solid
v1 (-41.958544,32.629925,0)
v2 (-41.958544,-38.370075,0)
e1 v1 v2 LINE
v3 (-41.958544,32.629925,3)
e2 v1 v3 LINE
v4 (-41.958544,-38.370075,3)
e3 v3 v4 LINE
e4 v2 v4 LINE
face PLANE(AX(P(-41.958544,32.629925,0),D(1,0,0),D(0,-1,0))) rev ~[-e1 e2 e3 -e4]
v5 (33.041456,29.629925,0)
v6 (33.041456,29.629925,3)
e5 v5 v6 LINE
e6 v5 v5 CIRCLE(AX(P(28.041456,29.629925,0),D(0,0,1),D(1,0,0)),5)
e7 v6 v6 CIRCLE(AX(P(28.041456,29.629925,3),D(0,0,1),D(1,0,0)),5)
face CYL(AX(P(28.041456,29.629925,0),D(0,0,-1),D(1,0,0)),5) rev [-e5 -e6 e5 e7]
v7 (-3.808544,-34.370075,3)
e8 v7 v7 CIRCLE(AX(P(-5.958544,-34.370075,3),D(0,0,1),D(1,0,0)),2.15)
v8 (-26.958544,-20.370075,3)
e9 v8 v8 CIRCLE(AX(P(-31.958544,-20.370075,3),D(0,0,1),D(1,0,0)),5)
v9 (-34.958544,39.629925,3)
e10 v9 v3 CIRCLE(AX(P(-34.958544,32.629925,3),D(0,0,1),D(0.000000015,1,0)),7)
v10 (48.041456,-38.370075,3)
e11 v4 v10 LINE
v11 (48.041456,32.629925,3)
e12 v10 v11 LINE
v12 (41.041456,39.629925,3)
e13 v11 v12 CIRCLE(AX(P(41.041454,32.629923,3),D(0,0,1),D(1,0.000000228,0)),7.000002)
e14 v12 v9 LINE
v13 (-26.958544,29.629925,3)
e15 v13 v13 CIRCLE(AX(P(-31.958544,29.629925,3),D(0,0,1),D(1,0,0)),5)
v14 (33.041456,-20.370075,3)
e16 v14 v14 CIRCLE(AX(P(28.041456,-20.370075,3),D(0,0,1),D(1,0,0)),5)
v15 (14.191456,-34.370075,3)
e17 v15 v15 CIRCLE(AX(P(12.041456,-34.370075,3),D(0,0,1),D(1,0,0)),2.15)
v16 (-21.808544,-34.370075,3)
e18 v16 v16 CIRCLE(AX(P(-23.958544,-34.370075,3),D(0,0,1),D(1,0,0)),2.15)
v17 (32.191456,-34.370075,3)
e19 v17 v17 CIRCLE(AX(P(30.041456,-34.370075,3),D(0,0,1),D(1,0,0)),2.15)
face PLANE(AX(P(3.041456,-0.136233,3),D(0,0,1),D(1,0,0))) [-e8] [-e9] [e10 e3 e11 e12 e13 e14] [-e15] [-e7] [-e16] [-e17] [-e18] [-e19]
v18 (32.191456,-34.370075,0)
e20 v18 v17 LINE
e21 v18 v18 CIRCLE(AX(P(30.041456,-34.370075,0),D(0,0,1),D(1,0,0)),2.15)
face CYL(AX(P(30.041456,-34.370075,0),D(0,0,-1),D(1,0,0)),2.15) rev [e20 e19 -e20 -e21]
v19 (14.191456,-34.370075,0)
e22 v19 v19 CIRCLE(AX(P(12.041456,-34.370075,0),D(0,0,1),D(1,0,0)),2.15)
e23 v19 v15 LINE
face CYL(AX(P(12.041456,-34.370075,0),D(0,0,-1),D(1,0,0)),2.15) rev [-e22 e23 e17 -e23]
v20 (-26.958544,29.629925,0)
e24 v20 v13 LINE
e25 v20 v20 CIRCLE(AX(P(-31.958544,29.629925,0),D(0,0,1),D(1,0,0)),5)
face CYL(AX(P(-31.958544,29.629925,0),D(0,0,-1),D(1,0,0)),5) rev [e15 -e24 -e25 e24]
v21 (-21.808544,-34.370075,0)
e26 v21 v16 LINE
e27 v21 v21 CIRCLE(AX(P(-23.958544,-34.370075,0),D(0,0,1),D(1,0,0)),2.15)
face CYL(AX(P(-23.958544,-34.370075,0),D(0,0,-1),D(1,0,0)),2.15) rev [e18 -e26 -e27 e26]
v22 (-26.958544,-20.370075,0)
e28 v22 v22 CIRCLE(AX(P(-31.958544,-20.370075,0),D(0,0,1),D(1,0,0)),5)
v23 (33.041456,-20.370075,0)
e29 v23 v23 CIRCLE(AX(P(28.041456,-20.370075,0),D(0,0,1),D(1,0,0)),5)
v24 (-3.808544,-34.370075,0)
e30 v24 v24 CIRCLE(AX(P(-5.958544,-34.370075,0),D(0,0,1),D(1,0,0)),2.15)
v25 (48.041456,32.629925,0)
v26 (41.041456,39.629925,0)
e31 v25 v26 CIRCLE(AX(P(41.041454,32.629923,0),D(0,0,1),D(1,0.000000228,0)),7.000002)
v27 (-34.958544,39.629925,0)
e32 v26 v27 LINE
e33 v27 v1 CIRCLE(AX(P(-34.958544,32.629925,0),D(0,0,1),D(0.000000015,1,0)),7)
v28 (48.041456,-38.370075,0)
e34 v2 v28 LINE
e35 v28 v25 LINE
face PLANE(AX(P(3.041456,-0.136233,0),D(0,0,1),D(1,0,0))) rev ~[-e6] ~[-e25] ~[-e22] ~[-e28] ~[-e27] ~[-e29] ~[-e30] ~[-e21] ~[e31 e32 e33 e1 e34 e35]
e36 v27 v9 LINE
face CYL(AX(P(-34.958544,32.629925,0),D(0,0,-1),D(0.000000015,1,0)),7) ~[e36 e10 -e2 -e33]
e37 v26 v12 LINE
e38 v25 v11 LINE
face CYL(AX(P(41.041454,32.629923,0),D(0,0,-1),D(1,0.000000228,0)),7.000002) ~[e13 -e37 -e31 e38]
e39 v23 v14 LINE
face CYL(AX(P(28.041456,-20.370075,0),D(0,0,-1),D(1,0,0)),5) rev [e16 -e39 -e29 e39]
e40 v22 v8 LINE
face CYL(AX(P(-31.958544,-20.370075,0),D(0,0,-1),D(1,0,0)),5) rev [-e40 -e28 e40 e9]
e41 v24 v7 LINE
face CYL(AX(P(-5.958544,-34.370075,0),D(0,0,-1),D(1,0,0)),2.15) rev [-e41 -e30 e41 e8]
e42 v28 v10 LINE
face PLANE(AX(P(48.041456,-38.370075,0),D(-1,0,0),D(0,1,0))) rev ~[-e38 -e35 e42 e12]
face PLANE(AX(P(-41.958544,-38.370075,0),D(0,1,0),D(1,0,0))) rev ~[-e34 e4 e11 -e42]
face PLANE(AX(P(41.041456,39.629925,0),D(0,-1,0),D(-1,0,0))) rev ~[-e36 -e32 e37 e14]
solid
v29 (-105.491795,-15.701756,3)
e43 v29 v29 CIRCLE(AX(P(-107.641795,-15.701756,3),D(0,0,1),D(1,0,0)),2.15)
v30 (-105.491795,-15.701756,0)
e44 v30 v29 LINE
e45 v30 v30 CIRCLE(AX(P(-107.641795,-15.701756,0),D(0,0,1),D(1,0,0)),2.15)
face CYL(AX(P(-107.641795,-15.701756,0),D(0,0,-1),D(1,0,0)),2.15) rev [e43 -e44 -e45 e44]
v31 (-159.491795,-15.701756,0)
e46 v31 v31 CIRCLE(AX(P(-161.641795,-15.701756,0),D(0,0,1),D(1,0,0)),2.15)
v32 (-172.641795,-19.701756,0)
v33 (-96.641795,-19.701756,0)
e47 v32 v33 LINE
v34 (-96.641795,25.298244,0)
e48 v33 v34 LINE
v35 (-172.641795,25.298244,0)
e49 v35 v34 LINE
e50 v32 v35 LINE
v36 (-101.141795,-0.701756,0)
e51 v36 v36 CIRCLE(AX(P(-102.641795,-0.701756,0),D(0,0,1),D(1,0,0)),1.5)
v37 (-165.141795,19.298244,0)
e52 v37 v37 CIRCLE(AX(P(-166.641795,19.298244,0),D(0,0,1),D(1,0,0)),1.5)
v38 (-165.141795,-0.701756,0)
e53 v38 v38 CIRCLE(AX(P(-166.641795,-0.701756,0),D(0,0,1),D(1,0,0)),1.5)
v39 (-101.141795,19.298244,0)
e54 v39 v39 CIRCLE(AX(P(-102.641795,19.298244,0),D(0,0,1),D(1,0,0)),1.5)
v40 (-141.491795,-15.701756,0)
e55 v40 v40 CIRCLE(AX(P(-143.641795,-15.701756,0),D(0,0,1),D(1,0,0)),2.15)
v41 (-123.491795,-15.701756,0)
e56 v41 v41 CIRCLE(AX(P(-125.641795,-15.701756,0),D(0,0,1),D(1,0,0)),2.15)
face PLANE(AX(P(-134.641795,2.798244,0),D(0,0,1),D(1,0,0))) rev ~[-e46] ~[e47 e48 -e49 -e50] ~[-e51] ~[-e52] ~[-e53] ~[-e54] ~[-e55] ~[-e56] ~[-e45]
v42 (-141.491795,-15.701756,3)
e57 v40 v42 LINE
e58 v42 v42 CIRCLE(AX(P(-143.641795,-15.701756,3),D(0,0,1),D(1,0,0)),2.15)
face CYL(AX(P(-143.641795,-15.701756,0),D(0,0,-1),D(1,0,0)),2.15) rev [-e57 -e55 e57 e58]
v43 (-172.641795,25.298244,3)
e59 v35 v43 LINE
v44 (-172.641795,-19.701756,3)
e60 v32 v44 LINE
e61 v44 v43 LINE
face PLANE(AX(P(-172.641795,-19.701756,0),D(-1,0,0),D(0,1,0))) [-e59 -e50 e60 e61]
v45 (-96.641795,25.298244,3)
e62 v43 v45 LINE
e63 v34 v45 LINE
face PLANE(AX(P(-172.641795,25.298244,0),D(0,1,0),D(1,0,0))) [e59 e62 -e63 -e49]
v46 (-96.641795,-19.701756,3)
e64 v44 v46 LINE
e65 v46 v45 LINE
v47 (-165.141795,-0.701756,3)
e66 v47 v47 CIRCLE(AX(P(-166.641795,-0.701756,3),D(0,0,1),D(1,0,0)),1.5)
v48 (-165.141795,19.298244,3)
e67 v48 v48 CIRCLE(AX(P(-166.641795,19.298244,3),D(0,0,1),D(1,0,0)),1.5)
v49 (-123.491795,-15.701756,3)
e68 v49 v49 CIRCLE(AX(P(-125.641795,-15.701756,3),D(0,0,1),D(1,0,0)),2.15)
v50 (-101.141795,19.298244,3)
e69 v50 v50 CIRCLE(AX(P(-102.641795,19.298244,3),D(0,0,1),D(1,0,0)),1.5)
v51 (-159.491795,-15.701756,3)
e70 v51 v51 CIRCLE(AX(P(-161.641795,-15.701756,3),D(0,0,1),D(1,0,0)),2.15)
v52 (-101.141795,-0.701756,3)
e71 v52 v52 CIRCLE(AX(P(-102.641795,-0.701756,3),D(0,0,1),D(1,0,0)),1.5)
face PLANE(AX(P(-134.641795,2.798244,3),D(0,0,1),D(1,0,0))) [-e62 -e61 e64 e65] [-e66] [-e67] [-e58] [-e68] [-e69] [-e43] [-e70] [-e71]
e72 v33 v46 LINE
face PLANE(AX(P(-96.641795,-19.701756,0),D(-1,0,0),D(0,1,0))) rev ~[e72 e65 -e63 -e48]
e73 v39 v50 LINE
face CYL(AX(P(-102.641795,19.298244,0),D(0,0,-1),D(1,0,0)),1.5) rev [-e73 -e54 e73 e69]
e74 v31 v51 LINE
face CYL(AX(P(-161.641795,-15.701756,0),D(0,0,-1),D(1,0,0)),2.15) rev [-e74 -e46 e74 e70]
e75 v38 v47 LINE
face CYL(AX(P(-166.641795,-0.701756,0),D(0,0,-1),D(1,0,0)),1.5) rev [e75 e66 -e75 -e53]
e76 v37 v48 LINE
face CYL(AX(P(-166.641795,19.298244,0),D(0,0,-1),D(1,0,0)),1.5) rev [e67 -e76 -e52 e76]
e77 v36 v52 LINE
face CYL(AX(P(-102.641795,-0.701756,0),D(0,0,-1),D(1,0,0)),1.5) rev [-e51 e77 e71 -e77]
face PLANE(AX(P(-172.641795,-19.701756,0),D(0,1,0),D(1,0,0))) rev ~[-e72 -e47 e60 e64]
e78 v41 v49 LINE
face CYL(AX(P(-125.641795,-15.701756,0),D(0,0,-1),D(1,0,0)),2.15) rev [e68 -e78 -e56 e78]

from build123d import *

# Parameters (mm, degrees)
F0_R     = 2.15
F0_R_2   = 5
F1_DEPTH = 3
F2_W     = 76
F2_H     = 45
F2_R     = 2.15
F2_R_2   = 1.5
F3_DEPTH = 3


with BuildPart() as f1:
    # F0 (on Top) → F1 (new body)
    with BuildSketch(Plane.XY):
        with BuildLine():
            Line((48.041456, -38.370075), (48.041456, -30.370075))
            Line((48.041456, -30.370075), (48.041456, 32.629925))
            ThreePointArc((48.041456, 32.629925), (45.991203, 37.579672), (41.041456, 39.629925))
            Line((41.041456, 39.629925), (-34.958544, 39.629925))
            ThreePointArc((-34.958544, 39.629925), (-39.908292, 37.579672), (-41.958544, 32.629925))
            Line((-41.958544, 32.629925), (-41.958544, -30.370075))
            Line((-41.958544, -30.370075), (-41.958544, -38.370075))
            Line((-41.958544, -38.370075), (48.041456, -38.370075))
        make_face()
        with Locations((-23.958544, -34.370075)):
            Circle(F0_R, mode=Mode.SUBTRACT)
        with Locations((-31.958544, -20.370075)):
            Circle(F0_R_2, mode=Mode.SUBTRACT)
        with Locations((-5.958544, -34.370075)):
            Circle(F0_R, mode=Mode.SUBTRACT)
        with Locations((12.041456, -34.370075)):
            Circle(F0_R, mode=Mode.SUBTRACT)
        with Locations((30.041456, -34.370075)):
            Circle(F0_R, mode=Mode.SUBTRACT)
        with Locations((28.041456, -20.370075)):
            Circle(F0_R_2, mode=Mode.SUBTRACT)
        with Locations((-31.958544, 29.629925)):
            Circle(F0_R_2, mode=Mode.SUBTRACT)
        with Locations((28.041456, 29.629925)):
            Circle(F0_R_2, mode=Mode.SUBTRACT)
    extrude(amount=F1_DEPTH)


with BuildPart() as f3:
    # F2 (on Top) → F3 (new body)
    with BuildSketch(Plane.XY):
        with Locations((-134.641795, 2.798244)):
            Rectangle(F2_W, F2_H)
        with Locations((-161.641795, -15.701756)):
            Circle(F2_R, mode=Mode.SUBTRACT)
        with Locations((-143.641795, -15.701756)):
            Circle(F2_R, mode=Mode.SUBTRACT)
        with Locations((-166.641795, -0.701756)):
            Circle(F2_R_2, mode=Mode.SUBTRACT)
        with Locations((-125.641795, -15.701756)):
            Circle(F2_R, mode=Mode.SUBTRACT)
        with Locations((-107.641795, -15.701756)):
            Circle(F2_R, mode=Mode.SUBTRACT)
        with Locations((-102.641795, -0.701756)):
            Circle(F2_R_2, mode=Mode.SUBTRACT)
        with Locations((-166.641795, 19.298244)):
            Circle(F2_R_2, mode=Mode.SUBTRACT)
        with Locations((-102.641795, 19.298244)):
            Circle(F2_R_2, mode=Mode.SUBTRACT)
    extrude(amount=F3_DEPTH)


solid = Compound([f1.part, f3.part])
